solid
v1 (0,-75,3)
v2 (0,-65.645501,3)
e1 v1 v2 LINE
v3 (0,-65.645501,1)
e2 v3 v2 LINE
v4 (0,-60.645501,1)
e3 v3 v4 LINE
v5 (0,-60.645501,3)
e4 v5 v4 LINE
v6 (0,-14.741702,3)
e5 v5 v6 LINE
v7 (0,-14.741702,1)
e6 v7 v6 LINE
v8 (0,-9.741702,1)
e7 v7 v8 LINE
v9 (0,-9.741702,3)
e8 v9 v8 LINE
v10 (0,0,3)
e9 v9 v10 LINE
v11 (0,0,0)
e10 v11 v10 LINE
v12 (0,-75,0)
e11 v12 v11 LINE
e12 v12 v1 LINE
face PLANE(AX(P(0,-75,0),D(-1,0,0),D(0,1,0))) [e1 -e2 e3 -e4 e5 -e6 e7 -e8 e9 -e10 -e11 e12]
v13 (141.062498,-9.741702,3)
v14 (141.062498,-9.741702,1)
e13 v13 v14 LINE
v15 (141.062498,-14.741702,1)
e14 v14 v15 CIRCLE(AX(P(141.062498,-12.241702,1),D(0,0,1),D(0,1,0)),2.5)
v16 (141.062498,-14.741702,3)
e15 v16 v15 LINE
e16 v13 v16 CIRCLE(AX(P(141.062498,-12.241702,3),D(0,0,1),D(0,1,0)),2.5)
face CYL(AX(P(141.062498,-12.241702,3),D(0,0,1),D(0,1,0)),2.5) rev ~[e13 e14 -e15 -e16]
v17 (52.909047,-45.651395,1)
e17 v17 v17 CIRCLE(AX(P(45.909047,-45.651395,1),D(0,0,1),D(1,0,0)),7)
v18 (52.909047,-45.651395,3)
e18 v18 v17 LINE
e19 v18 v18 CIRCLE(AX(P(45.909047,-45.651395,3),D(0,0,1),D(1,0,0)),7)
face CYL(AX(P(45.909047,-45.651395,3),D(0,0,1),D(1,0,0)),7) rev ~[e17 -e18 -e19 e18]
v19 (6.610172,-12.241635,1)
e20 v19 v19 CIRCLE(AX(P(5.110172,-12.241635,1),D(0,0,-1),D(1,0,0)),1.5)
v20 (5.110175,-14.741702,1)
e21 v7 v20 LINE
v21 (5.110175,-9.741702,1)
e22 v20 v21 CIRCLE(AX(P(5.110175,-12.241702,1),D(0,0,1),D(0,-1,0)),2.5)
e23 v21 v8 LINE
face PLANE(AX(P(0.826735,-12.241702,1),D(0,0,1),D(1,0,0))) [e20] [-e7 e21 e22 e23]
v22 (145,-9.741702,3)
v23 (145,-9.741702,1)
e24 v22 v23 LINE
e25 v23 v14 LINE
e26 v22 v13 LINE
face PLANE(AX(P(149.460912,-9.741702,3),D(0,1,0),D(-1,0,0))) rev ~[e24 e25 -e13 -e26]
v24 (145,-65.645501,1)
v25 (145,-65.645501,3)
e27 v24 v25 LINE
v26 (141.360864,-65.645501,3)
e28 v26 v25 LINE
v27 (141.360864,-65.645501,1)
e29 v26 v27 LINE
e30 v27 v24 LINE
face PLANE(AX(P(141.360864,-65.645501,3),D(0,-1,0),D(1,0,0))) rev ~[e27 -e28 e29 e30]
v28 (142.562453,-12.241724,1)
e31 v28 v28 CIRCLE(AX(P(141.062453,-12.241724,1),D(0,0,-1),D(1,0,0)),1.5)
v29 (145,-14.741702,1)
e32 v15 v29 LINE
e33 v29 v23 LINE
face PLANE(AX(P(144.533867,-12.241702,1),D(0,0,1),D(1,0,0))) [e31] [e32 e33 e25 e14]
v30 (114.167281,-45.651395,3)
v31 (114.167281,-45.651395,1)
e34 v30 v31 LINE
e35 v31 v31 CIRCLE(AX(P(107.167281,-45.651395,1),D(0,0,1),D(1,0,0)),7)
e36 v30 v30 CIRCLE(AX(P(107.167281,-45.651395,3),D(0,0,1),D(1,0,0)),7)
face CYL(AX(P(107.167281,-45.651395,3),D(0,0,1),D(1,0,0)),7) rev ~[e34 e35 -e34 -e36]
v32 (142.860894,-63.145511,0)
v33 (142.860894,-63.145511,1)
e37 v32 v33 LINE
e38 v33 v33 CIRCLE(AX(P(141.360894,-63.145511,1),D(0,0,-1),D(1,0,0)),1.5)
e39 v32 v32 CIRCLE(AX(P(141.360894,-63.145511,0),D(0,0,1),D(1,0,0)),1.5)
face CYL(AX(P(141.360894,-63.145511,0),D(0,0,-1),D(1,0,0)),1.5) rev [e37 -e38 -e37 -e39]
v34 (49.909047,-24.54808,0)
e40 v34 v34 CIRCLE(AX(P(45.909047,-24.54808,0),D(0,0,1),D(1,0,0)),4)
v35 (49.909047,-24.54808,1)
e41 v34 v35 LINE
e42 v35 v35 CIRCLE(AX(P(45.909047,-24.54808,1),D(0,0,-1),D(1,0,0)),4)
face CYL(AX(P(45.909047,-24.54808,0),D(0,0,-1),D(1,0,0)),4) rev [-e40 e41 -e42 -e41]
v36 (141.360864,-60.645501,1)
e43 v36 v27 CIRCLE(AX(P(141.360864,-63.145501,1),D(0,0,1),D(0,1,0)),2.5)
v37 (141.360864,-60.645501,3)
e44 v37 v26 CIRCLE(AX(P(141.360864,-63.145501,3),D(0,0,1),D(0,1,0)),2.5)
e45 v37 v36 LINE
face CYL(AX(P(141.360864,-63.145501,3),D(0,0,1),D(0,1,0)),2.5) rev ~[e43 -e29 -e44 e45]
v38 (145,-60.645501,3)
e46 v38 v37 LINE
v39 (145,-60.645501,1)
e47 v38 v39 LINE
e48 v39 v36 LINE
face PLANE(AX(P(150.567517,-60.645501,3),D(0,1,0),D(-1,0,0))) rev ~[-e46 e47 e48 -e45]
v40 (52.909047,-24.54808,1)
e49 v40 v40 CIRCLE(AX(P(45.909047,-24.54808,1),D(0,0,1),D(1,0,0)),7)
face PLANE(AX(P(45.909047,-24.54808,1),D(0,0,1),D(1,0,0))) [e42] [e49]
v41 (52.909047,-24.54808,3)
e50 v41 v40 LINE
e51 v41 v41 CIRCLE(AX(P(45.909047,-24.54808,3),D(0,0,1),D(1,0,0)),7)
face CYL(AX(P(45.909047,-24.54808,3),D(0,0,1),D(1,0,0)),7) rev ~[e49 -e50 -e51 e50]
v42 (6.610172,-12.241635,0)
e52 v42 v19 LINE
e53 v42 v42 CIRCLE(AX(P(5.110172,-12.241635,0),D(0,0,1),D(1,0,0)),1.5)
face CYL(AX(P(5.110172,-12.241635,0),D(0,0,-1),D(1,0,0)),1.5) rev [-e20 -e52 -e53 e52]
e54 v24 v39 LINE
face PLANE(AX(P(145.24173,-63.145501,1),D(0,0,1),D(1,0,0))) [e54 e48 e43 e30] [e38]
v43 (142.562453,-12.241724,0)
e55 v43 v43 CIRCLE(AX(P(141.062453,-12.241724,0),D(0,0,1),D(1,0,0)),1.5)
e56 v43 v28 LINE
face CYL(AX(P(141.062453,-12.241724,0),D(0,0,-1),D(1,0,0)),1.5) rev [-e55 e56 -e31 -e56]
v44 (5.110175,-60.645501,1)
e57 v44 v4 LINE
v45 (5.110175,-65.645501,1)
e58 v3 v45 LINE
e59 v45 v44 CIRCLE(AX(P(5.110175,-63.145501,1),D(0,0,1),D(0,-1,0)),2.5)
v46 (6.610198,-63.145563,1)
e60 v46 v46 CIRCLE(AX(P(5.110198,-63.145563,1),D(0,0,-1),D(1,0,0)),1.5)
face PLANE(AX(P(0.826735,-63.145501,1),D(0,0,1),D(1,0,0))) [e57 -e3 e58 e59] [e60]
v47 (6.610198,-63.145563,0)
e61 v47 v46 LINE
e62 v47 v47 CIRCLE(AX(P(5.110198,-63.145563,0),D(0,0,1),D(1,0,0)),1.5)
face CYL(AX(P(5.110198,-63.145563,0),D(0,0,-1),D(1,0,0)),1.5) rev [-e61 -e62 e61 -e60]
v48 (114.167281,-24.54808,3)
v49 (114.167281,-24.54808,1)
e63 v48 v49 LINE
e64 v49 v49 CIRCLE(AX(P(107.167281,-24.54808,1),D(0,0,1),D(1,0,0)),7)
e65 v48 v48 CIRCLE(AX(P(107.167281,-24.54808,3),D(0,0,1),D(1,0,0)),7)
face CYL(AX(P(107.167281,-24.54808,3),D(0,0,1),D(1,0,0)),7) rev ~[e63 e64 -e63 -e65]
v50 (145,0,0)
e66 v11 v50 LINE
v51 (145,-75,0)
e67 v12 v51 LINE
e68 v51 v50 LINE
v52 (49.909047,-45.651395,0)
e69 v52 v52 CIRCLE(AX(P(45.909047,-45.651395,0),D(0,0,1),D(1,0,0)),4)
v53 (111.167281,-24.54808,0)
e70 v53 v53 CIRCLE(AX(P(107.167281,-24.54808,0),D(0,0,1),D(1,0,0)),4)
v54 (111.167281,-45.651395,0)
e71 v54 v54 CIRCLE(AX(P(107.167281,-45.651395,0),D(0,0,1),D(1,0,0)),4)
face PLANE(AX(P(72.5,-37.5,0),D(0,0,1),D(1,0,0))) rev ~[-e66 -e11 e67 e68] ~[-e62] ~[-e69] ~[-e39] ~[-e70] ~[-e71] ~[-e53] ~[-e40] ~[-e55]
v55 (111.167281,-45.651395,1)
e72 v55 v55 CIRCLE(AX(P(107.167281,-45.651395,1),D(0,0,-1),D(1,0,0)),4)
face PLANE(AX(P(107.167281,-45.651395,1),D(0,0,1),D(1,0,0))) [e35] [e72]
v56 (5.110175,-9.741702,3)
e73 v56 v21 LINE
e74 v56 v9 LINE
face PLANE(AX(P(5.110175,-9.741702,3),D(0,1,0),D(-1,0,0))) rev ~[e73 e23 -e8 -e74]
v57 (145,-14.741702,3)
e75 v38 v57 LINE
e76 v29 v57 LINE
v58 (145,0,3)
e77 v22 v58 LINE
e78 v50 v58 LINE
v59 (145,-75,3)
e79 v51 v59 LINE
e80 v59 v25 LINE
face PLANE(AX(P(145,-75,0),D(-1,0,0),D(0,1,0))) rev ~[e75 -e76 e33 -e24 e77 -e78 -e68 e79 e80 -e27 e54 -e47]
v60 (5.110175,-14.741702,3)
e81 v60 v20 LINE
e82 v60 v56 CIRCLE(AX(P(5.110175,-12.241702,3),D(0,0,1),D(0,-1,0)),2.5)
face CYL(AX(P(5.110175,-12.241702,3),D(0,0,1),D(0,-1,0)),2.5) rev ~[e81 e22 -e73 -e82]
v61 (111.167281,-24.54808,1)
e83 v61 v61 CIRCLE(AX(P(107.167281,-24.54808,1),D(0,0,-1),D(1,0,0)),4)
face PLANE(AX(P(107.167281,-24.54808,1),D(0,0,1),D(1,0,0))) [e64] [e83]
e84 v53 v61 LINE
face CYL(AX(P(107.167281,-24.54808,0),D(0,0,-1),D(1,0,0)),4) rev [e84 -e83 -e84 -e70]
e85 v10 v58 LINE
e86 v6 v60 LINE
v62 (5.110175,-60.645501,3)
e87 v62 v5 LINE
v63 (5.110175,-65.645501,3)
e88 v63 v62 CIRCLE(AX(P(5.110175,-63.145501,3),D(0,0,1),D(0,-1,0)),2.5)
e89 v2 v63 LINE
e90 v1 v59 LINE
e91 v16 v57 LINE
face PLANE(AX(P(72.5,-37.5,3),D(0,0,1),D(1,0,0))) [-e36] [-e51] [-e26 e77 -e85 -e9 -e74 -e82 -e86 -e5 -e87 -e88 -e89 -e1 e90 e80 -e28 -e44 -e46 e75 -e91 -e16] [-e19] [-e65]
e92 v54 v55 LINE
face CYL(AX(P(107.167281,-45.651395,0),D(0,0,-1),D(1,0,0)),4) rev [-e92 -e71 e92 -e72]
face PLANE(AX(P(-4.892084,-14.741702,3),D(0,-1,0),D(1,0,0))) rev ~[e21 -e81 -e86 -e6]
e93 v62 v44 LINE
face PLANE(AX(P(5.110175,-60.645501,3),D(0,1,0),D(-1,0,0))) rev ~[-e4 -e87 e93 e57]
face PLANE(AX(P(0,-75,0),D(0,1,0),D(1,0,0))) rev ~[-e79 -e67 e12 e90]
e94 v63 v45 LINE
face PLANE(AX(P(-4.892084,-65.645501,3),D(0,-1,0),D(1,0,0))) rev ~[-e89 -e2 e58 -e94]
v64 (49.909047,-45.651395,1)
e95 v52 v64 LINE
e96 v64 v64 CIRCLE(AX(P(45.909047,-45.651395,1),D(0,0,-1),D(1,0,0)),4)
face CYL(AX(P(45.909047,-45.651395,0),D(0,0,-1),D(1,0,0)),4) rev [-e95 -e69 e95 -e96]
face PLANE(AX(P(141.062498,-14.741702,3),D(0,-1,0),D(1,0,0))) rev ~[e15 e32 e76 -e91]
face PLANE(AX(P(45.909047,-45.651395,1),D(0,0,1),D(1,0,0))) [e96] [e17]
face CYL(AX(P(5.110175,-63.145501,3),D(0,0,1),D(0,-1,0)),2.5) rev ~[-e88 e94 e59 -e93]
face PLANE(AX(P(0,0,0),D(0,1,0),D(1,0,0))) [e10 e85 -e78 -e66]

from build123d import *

# Parameters (mm, degrees)
F0_W     = 145
F0_H     = 75
F0_R     = 1.5
F0_R_2   = 4
F1_DEPTH = 3
F2_R     = 7
F3_DEPTH = 2


with BuildPart() as f1:
    # F0 (on Top) → F1 (new body)
    with BuildSketch(Plane.XY):
        with Locations((72.5, -37.5)):
            Rectangle(F0_W, F0_H)
        with Locations((5.110198, -63.145563)):
            Circle(F0_R, mode=Mode.SUBTRACT)
        with Locations((45.909047, -45.651395)):
            Circle(F0_R_2, mode=Mode.SUBTRACT)
        with Locations((141.360894, -63.145511)):
            Circle(F0_R, mode=Mode.SUBTRACT)
        with Locations((107.167281, -45.651395)):
            Circle(F0_R_2, mode=Mode.SUBTRACT)
        with Locations((45.909047, -24.54808)):
            Circle(F0_R_2, mode=Mode.SUBTRACT)
        with Locations((5.110172, -12.241635)):
            Circle(F0_R, mode=Mode.SUBTRACT)
        with Locations((107.167281, -24.54808)):
            Circle(F0_R_2, mode=Mode.SUBTRACT)
        with Locations((141.062453, -12.241724)):
            Circle(F0_R, mode=Mode.SUBTRACT)
    extrude(amount=F1_DEPTH)

    # F2 (on face) → F3 (cut)
    with BuildSketch(Plane.XY.offset(3)):
        with BuildLine():
            Line((-4.892084, -14.741702), (5.110175, -14.741702))
            ThreePointArc((5.110175, -14.741702), (7.610175, -12.241702), (5.110175, -9.741702))
            Line((5.110175, -9.741702), (-4.892084, -9.741702))
            Line((-4.892084, -9.741702), (-4.892084, -14.741702))
        make_face()
        with BuildLine():
            Line((-4.892084, -65.645501), (5.110175, -65.645501))
            ThreePointArc((5.110175, -65.645501), (7.610175, -63.145501), (5.110175, -60.645501))
            Line((5.110175, -60.645501), (-4.892084, -60.645501))
            Line((-4.892084, -60.645501), (-4.892084, -65.645501))
        make_face()
        with BuildLine():
            Line((149.460912, -9.741702), (141.062498, -9.741702))
            ThreePointArc((141.062498, -9.741702), (138.562498, -12.241702), (141.062498, -14.741702))
            Line((141.062498, -14.741702), (149.460912, -14.741702))
            Line((149.460912, -14.741702), (149.460912, -9.741702))
        make_face()
        with BuildLine():
            Line((150.567517, -60.645501), (141.360864, -60.645501))
            ThreePointArc((141.360864, -60.645501), (138.860864, -63.145501), (141.360864, -65.645501))
            Line((141.360864, -65.645501), (150.567517, -65.645501))
            Line((150.567517, -65.645501), (150.567517, -60.645501))
        make_face()
        with Locations((45.909047, -24.54808)):
            Circle(F2_R)
        with Locations((45.909047, -45.651395)):
            Circle(F2_R)
        with Locations((107.167281, -24.54808)):
            Circle(F2_R)
        with Locations((107.167281, -45.651395)):
            Circle(F2_R)
    extrude(amount=-F3_DEPTH, mode=Mode.SUBTRACT)


solid = f1.part
